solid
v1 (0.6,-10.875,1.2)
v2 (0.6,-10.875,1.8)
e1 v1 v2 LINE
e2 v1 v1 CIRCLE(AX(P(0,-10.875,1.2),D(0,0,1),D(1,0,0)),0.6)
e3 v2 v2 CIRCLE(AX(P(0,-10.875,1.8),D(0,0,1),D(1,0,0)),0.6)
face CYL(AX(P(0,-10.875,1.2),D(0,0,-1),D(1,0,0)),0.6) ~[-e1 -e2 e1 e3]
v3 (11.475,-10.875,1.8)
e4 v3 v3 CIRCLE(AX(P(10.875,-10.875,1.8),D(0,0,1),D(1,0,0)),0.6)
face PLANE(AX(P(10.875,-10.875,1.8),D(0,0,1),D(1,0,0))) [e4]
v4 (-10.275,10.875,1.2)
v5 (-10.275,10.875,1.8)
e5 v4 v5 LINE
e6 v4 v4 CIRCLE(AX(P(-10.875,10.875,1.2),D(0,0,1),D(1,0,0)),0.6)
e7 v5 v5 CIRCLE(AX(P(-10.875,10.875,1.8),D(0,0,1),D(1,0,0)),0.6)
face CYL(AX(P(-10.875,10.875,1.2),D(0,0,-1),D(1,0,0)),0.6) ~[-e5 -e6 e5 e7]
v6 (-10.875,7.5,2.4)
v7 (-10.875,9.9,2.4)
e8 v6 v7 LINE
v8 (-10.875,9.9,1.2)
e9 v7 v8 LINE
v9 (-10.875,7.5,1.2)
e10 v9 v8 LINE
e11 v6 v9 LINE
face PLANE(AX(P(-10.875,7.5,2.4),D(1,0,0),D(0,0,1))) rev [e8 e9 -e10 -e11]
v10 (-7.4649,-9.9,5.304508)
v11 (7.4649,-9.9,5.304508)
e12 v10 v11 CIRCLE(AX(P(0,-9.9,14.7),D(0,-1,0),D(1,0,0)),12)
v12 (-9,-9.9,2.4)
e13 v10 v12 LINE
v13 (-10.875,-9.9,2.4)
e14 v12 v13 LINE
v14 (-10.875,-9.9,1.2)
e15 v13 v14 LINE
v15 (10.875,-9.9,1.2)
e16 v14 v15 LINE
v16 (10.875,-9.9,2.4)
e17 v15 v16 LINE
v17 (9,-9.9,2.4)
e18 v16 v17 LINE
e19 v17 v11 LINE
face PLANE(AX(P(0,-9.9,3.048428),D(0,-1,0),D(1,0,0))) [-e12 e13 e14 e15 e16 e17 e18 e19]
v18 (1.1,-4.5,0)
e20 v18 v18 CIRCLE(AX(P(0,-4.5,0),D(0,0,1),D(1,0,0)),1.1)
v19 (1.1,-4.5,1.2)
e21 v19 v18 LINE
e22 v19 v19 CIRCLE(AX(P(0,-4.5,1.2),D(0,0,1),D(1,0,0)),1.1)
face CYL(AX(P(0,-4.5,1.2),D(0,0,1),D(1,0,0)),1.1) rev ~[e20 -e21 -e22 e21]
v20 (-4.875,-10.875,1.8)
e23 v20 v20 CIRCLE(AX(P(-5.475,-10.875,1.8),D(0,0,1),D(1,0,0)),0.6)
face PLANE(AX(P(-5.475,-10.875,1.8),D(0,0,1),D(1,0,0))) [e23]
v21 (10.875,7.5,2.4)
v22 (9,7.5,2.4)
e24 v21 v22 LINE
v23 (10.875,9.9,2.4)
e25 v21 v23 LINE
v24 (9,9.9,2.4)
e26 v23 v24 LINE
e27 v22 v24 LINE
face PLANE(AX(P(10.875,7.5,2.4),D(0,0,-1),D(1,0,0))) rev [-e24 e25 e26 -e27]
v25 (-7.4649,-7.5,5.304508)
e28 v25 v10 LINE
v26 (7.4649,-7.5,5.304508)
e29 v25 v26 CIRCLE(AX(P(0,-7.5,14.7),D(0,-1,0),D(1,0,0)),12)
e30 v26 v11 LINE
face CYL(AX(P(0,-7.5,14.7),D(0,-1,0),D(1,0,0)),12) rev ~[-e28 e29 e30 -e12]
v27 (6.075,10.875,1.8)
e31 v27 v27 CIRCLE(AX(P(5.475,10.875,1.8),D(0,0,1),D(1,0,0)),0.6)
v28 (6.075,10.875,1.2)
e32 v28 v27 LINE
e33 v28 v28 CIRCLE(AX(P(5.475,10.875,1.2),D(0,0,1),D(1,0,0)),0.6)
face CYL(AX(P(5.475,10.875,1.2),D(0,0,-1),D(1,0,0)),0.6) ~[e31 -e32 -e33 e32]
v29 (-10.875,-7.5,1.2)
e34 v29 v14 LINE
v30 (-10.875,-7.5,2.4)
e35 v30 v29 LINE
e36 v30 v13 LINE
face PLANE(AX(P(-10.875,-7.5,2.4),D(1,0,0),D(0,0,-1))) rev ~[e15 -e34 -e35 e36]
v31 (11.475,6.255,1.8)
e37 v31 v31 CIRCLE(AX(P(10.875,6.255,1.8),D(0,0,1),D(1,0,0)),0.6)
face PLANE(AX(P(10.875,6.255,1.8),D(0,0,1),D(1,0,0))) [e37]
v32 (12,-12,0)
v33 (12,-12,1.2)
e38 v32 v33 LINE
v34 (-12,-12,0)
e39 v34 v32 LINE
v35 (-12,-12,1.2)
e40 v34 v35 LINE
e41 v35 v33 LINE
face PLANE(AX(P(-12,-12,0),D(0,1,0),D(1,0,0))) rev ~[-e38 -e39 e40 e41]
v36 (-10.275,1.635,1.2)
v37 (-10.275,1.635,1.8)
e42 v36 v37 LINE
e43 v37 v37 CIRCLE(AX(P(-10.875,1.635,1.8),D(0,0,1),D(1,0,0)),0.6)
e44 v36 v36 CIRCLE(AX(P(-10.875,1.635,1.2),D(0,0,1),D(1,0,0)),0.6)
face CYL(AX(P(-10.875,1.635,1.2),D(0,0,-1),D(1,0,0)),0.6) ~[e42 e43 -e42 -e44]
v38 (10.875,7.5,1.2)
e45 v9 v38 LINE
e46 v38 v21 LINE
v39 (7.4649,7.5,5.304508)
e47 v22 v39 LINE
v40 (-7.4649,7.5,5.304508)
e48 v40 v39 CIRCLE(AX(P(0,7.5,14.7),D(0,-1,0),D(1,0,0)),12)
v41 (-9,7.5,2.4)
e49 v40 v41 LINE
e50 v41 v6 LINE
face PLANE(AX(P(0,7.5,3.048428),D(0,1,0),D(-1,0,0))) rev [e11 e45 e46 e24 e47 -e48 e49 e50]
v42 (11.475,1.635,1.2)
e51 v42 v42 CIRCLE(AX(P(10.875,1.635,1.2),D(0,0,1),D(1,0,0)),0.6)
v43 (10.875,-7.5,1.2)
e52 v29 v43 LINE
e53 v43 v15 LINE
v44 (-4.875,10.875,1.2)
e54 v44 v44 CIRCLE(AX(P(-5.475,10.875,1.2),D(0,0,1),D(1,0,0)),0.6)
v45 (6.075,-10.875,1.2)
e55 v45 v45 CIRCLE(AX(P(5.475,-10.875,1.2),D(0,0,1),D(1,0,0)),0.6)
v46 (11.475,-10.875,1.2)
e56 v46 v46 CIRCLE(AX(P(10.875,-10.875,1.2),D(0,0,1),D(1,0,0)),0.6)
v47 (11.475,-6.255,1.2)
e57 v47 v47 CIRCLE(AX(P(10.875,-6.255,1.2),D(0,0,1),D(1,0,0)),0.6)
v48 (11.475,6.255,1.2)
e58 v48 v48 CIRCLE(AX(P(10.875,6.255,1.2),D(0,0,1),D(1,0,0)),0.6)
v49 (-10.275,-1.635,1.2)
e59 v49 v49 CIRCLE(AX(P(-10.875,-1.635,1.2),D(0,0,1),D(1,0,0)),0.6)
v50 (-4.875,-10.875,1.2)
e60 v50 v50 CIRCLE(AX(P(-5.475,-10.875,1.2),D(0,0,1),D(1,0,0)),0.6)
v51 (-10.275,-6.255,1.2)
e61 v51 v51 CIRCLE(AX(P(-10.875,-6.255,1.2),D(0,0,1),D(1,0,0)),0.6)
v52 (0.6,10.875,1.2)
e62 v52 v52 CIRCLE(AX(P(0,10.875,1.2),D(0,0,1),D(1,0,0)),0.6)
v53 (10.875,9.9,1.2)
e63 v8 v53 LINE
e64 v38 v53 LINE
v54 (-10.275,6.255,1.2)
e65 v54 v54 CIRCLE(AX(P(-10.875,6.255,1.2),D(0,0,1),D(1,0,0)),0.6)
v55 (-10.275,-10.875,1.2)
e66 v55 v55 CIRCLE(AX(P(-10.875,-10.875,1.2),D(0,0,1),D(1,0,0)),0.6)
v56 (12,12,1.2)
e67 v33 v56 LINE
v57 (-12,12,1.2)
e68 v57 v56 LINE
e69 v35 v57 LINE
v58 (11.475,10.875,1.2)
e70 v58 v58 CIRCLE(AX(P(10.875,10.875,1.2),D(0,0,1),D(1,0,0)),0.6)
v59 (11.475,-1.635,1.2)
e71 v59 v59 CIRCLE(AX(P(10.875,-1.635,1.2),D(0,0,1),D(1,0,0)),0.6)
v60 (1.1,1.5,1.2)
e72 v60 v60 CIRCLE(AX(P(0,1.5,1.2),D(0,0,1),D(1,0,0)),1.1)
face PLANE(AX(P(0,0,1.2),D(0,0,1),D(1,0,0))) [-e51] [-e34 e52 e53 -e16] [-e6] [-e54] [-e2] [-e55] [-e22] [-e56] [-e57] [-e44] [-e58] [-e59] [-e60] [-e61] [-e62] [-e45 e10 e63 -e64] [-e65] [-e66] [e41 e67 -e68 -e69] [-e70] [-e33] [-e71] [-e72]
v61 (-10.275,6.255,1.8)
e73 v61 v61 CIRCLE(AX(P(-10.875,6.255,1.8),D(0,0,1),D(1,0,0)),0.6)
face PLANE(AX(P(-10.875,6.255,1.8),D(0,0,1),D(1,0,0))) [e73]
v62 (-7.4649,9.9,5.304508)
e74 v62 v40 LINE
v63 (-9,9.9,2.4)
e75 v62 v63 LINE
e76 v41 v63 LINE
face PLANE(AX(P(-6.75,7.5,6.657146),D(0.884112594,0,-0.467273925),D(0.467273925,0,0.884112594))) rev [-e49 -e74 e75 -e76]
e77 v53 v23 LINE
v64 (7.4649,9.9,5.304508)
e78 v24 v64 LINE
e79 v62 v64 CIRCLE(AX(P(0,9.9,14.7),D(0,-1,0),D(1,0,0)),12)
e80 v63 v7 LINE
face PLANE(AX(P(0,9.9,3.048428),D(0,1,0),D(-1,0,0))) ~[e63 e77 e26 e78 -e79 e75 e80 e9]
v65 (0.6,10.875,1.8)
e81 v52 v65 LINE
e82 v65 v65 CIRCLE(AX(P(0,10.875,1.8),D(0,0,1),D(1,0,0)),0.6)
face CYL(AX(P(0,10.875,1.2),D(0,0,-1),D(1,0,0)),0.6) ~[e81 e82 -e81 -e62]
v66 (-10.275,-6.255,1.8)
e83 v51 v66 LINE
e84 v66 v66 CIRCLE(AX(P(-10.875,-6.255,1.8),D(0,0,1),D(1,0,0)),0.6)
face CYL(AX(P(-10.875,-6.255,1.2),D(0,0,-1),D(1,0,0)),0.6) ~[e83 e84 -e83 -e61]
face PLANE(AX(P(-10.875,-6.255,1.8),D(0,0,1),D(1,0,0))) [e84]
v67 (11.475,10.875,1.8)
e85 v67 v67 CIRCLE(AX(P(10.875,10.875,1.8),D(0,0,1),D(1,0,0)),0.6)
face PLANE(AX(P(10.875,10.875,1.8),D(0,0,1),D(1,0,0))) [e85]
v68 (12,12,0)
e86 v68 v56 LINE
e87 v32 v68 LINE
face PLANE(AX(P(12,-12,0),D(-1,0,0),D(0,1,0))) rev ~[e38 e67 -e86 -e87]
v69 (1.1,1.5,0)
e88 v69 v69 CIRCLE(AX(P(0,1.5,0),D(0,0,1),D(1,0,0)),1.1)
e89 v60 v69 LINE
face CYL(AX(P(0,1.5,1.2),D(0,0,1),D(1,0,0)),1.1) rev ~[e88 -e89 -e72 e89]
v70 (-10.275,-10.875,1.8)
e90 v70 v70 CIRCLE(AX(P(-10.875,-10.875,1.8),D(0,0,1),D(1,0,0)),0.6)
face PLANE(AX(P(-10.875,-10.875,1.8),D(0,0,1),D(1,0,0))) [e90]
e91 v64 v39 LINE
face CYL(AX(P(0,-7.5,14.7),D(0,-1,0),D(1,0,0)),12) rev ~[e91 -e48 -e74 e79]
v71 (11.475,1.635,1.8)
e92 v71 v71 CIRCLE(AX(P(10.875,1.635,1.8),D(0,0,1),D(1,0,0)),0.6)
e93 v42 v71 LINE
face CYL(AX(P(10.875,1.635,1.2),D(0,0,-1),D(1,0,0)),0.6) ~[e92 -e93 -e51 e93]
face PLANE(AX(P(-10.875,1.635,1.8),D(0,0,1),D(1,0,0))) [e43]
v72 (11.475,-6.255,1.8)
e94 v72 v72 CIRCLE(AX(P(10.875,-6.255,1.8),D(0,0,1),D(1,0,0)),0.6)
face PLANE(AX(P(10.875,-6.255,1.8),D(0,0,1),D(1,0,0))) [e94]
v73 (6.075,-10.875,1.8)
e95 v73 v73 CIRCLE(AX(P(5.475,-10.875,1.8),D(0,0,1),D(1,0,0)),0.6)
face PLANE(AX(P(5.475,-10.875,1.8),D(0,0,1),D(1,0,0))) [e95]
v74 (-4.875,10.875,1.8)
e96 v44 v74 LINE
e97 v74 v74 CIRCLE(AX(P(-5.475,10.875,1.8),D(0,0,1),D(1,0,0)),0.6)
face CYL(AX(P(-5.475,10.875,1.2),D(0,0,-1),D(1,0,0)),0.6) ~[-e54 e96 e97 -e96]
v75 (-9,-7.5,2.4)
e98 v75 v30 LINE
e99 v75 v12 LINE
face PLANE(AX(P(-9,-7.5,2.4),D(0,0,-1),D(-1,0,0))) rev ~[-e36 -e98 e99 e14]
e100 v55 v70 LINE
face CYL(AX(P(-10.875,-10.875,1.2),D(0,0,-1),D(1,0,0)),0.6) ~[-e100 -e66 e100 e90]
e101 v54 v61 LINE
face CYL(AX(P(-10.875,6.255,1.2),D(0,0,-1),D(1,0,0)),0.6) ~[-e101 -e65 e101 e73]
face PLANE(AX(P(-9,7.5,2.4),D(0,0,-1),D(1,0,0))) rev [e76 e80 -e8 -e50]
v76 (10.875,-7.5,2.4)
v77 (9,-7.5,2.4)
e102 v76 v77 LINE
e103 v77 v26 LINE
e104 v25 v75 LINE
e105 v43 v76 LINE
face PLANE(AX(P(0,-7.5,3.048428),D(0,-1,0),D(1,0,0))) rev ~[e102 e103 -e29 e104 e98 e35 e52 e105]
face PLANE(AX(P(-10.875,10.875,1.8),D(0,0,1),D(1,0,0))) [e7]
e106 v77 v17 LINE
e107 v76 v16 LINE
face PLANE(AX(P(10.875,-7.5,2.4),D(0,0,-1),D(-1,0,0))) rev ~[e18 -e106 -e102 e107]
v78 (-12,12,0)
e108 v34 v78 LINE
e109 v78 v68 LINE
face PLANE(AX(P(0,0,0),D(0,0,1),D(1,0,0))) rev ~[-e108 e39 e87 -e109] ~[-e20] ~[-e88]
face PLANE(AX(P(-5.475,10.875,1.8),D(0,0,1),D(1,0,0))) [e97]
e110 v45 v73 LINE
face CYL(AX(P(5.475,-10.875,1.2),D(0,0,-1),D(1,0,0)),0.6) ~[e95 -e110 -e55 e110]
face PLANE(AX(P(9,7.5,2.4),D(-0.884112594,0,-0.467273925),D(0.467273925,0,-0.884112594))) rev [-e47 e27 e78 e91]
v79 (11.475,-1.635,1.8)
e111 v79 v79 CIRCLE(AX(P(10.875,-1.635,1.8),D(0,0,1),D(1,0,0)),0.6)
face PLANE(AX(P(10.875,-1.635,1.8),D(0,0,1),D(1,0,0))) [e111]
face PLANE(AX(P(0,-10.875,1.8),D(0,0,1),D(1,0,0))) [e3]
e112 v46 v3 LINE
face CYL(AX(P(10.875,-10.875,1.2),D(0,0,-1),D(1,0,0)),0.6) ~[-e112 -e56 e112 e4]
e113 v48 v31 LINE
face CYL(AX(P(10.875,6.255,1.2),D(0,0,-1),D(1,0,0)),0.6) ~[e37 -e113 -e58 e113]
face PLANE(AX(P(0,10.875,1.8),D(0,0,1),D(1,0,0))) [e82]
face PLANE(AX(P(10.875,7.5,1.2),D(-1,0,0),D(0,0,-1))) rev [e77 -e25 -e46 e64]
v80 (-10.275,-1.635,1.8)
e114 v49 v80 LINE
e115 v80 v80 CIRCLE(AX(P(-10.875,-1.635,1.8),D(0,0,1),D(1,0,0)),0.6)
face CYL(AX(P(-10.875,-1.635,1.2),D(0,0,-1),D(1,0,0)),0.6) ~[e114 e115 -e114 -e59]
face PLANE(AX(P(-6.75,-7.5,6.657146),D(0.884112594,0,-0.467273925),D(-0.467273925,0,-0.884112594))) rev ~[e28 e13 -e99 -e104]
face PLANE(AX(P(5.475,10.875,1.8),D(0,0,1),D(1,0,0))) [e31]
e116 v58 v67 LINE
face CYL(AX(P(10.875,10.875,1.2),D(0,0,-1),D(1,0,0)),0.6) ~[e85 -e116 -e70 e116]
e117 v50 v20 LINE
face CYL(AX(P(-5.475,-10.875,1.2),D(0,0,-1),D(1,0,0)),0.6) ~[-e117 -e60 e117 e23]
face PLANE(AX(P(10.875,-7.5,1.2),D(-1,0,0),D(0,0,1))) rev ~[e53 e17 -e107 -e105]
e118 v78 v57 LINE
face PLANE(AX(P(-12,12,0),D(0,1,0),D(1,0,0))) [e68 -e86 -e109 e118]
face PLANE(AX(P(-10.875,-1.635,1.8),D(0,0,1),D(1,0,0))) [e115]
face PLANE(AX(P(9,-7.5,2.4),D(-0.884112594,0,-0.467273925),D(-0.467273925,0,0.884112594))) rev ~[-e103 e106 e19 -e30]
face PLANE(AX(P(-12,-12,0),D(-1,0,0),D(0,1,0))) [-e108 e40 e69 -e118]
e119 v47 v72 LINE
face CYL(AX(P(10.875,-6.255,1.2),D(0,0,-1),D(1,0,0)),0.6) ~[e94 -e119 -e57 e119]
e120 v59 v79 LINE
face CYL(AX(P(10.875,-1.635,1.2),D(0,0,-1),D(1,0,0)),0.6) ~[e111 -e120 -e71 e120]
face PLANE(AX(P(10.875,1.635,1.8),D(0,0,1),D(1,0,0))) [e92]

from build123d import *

# Parameters (mm, degrees)
F1_W      = 24
F1_H      = 24
F2_DEPTH  = 1.2
F3_R      = 0.6
F4_DEPTH  = 0.6
F7_DEPTH  = 2.4
F9_R      = 12
F10_DEPTH = 18.75
F11_R     = 1.1
F12_DEPTH = 1.201


with BuildPart() as f2:
    # F1 (on Top) → F2 (new body)
    with BuildSketch(Plane.XY):
        Rectangle(F1_W, F1_H)
    extrude(amount=F2_DEPTH)

    # F3 (on face) → F4 (join)
    with BuildSketch(Plane.XY.offset(1.2)):
        with Locations((-10.875, 10.875)):
            Circle(F3_R)
        with Locations((-10.875, 6.255)):
            Circle(F3_R)
        with Locations((-10.875, 1.635)):
            Circle(F3_R)
        with Locations((-10.875, -1.635)):
            Circle(F3_R)
        with Locations((-10.875, -6.255)):
            Circle(F3_R)
        with Locations((-10.875, -10.875)):
            Circle(F3_R)
        with Locations((-5.475, 10.875)):
            Circle(F3_R)
        with Locations((0, 10.875)):
            Circle(F3_R)
        with Locations((5.475, 10.875)):
            Circle(F3_R)
        with Locations((10.875, 10.875)):
            Circle(F3_R)
        with Locations((10.875, 6.255)):
            Circle(F3_R)
        with Locations((10.875, 1.635)):
            Circle(F3_R)
        with Locations((10.875, -1.635)):
            Circle(F3_R)
        with Locations((10.875, -6.255)):
            Circle(F3_R)
        with Locations((10.875, -10.875)):
            Circle(F3_R)
        with Locations((0, -10.875)):
            Circle(F3_R)
        with Locations((5.475, -10.875)):
            Circle(F3_R)
        with Locations((-5.475, -10.875)):
            Circle(F3_R)
    extrude(amount=F4_DEPTH)

    # F6 (on offset) → F7 (join)
    with BuildSketch(Plane.XZ.offset(7.5)):
        with BuildLine():
            ThreePointArc((6.75, 6.6571460289), (0, 4.2), (-6.75, 6.6571460289))
            Line((-6.75, 6.6571460289), (-9, 2.4))
            Line((-9, 2.4), (-10.875, 2.4))
            Line((-10.875, 2.4), (-10.875, 1.2))
            Line((-10.875, 1.2), (10.875, 1.2))
            Line((10.875, 1.2), (10.875, 2.4))
            Line((10.875, 2.4), (9, 2.4))
            Line((9, 2.4), (6.75, 6.6571460289))
        make_face()
    extrude(amount=F7_DEPTH)

    # F8: F2 across plane


with BuildPart() as f2_1:
    add(f2.part)
    add(f2.part.mirror(Plane.XZ))

    # F9 (on offset) → F10 (cut, symmetric)
    with BuildSketch(Plane.XZ.offset(7.5)):
        with Locations((0, 14.7)):
            Circle(F9_R)
    extrude(amount=F10_DEPTH, both=True, mode=Mode.SUBTRACT)

    # F11 (on face) → F12 (cut, through all)
    with BuildSketch(Plane.XY.offset(1.2)):
        with Locations((0, -4.5)):
            Circle(F11_R)
        with Locations((0, 1.5)):
            Circle(F11_R)
    extrude(amount=-F12_DEPTH, mode=Mode.SUBTRACT)


solid = f2_1.part
